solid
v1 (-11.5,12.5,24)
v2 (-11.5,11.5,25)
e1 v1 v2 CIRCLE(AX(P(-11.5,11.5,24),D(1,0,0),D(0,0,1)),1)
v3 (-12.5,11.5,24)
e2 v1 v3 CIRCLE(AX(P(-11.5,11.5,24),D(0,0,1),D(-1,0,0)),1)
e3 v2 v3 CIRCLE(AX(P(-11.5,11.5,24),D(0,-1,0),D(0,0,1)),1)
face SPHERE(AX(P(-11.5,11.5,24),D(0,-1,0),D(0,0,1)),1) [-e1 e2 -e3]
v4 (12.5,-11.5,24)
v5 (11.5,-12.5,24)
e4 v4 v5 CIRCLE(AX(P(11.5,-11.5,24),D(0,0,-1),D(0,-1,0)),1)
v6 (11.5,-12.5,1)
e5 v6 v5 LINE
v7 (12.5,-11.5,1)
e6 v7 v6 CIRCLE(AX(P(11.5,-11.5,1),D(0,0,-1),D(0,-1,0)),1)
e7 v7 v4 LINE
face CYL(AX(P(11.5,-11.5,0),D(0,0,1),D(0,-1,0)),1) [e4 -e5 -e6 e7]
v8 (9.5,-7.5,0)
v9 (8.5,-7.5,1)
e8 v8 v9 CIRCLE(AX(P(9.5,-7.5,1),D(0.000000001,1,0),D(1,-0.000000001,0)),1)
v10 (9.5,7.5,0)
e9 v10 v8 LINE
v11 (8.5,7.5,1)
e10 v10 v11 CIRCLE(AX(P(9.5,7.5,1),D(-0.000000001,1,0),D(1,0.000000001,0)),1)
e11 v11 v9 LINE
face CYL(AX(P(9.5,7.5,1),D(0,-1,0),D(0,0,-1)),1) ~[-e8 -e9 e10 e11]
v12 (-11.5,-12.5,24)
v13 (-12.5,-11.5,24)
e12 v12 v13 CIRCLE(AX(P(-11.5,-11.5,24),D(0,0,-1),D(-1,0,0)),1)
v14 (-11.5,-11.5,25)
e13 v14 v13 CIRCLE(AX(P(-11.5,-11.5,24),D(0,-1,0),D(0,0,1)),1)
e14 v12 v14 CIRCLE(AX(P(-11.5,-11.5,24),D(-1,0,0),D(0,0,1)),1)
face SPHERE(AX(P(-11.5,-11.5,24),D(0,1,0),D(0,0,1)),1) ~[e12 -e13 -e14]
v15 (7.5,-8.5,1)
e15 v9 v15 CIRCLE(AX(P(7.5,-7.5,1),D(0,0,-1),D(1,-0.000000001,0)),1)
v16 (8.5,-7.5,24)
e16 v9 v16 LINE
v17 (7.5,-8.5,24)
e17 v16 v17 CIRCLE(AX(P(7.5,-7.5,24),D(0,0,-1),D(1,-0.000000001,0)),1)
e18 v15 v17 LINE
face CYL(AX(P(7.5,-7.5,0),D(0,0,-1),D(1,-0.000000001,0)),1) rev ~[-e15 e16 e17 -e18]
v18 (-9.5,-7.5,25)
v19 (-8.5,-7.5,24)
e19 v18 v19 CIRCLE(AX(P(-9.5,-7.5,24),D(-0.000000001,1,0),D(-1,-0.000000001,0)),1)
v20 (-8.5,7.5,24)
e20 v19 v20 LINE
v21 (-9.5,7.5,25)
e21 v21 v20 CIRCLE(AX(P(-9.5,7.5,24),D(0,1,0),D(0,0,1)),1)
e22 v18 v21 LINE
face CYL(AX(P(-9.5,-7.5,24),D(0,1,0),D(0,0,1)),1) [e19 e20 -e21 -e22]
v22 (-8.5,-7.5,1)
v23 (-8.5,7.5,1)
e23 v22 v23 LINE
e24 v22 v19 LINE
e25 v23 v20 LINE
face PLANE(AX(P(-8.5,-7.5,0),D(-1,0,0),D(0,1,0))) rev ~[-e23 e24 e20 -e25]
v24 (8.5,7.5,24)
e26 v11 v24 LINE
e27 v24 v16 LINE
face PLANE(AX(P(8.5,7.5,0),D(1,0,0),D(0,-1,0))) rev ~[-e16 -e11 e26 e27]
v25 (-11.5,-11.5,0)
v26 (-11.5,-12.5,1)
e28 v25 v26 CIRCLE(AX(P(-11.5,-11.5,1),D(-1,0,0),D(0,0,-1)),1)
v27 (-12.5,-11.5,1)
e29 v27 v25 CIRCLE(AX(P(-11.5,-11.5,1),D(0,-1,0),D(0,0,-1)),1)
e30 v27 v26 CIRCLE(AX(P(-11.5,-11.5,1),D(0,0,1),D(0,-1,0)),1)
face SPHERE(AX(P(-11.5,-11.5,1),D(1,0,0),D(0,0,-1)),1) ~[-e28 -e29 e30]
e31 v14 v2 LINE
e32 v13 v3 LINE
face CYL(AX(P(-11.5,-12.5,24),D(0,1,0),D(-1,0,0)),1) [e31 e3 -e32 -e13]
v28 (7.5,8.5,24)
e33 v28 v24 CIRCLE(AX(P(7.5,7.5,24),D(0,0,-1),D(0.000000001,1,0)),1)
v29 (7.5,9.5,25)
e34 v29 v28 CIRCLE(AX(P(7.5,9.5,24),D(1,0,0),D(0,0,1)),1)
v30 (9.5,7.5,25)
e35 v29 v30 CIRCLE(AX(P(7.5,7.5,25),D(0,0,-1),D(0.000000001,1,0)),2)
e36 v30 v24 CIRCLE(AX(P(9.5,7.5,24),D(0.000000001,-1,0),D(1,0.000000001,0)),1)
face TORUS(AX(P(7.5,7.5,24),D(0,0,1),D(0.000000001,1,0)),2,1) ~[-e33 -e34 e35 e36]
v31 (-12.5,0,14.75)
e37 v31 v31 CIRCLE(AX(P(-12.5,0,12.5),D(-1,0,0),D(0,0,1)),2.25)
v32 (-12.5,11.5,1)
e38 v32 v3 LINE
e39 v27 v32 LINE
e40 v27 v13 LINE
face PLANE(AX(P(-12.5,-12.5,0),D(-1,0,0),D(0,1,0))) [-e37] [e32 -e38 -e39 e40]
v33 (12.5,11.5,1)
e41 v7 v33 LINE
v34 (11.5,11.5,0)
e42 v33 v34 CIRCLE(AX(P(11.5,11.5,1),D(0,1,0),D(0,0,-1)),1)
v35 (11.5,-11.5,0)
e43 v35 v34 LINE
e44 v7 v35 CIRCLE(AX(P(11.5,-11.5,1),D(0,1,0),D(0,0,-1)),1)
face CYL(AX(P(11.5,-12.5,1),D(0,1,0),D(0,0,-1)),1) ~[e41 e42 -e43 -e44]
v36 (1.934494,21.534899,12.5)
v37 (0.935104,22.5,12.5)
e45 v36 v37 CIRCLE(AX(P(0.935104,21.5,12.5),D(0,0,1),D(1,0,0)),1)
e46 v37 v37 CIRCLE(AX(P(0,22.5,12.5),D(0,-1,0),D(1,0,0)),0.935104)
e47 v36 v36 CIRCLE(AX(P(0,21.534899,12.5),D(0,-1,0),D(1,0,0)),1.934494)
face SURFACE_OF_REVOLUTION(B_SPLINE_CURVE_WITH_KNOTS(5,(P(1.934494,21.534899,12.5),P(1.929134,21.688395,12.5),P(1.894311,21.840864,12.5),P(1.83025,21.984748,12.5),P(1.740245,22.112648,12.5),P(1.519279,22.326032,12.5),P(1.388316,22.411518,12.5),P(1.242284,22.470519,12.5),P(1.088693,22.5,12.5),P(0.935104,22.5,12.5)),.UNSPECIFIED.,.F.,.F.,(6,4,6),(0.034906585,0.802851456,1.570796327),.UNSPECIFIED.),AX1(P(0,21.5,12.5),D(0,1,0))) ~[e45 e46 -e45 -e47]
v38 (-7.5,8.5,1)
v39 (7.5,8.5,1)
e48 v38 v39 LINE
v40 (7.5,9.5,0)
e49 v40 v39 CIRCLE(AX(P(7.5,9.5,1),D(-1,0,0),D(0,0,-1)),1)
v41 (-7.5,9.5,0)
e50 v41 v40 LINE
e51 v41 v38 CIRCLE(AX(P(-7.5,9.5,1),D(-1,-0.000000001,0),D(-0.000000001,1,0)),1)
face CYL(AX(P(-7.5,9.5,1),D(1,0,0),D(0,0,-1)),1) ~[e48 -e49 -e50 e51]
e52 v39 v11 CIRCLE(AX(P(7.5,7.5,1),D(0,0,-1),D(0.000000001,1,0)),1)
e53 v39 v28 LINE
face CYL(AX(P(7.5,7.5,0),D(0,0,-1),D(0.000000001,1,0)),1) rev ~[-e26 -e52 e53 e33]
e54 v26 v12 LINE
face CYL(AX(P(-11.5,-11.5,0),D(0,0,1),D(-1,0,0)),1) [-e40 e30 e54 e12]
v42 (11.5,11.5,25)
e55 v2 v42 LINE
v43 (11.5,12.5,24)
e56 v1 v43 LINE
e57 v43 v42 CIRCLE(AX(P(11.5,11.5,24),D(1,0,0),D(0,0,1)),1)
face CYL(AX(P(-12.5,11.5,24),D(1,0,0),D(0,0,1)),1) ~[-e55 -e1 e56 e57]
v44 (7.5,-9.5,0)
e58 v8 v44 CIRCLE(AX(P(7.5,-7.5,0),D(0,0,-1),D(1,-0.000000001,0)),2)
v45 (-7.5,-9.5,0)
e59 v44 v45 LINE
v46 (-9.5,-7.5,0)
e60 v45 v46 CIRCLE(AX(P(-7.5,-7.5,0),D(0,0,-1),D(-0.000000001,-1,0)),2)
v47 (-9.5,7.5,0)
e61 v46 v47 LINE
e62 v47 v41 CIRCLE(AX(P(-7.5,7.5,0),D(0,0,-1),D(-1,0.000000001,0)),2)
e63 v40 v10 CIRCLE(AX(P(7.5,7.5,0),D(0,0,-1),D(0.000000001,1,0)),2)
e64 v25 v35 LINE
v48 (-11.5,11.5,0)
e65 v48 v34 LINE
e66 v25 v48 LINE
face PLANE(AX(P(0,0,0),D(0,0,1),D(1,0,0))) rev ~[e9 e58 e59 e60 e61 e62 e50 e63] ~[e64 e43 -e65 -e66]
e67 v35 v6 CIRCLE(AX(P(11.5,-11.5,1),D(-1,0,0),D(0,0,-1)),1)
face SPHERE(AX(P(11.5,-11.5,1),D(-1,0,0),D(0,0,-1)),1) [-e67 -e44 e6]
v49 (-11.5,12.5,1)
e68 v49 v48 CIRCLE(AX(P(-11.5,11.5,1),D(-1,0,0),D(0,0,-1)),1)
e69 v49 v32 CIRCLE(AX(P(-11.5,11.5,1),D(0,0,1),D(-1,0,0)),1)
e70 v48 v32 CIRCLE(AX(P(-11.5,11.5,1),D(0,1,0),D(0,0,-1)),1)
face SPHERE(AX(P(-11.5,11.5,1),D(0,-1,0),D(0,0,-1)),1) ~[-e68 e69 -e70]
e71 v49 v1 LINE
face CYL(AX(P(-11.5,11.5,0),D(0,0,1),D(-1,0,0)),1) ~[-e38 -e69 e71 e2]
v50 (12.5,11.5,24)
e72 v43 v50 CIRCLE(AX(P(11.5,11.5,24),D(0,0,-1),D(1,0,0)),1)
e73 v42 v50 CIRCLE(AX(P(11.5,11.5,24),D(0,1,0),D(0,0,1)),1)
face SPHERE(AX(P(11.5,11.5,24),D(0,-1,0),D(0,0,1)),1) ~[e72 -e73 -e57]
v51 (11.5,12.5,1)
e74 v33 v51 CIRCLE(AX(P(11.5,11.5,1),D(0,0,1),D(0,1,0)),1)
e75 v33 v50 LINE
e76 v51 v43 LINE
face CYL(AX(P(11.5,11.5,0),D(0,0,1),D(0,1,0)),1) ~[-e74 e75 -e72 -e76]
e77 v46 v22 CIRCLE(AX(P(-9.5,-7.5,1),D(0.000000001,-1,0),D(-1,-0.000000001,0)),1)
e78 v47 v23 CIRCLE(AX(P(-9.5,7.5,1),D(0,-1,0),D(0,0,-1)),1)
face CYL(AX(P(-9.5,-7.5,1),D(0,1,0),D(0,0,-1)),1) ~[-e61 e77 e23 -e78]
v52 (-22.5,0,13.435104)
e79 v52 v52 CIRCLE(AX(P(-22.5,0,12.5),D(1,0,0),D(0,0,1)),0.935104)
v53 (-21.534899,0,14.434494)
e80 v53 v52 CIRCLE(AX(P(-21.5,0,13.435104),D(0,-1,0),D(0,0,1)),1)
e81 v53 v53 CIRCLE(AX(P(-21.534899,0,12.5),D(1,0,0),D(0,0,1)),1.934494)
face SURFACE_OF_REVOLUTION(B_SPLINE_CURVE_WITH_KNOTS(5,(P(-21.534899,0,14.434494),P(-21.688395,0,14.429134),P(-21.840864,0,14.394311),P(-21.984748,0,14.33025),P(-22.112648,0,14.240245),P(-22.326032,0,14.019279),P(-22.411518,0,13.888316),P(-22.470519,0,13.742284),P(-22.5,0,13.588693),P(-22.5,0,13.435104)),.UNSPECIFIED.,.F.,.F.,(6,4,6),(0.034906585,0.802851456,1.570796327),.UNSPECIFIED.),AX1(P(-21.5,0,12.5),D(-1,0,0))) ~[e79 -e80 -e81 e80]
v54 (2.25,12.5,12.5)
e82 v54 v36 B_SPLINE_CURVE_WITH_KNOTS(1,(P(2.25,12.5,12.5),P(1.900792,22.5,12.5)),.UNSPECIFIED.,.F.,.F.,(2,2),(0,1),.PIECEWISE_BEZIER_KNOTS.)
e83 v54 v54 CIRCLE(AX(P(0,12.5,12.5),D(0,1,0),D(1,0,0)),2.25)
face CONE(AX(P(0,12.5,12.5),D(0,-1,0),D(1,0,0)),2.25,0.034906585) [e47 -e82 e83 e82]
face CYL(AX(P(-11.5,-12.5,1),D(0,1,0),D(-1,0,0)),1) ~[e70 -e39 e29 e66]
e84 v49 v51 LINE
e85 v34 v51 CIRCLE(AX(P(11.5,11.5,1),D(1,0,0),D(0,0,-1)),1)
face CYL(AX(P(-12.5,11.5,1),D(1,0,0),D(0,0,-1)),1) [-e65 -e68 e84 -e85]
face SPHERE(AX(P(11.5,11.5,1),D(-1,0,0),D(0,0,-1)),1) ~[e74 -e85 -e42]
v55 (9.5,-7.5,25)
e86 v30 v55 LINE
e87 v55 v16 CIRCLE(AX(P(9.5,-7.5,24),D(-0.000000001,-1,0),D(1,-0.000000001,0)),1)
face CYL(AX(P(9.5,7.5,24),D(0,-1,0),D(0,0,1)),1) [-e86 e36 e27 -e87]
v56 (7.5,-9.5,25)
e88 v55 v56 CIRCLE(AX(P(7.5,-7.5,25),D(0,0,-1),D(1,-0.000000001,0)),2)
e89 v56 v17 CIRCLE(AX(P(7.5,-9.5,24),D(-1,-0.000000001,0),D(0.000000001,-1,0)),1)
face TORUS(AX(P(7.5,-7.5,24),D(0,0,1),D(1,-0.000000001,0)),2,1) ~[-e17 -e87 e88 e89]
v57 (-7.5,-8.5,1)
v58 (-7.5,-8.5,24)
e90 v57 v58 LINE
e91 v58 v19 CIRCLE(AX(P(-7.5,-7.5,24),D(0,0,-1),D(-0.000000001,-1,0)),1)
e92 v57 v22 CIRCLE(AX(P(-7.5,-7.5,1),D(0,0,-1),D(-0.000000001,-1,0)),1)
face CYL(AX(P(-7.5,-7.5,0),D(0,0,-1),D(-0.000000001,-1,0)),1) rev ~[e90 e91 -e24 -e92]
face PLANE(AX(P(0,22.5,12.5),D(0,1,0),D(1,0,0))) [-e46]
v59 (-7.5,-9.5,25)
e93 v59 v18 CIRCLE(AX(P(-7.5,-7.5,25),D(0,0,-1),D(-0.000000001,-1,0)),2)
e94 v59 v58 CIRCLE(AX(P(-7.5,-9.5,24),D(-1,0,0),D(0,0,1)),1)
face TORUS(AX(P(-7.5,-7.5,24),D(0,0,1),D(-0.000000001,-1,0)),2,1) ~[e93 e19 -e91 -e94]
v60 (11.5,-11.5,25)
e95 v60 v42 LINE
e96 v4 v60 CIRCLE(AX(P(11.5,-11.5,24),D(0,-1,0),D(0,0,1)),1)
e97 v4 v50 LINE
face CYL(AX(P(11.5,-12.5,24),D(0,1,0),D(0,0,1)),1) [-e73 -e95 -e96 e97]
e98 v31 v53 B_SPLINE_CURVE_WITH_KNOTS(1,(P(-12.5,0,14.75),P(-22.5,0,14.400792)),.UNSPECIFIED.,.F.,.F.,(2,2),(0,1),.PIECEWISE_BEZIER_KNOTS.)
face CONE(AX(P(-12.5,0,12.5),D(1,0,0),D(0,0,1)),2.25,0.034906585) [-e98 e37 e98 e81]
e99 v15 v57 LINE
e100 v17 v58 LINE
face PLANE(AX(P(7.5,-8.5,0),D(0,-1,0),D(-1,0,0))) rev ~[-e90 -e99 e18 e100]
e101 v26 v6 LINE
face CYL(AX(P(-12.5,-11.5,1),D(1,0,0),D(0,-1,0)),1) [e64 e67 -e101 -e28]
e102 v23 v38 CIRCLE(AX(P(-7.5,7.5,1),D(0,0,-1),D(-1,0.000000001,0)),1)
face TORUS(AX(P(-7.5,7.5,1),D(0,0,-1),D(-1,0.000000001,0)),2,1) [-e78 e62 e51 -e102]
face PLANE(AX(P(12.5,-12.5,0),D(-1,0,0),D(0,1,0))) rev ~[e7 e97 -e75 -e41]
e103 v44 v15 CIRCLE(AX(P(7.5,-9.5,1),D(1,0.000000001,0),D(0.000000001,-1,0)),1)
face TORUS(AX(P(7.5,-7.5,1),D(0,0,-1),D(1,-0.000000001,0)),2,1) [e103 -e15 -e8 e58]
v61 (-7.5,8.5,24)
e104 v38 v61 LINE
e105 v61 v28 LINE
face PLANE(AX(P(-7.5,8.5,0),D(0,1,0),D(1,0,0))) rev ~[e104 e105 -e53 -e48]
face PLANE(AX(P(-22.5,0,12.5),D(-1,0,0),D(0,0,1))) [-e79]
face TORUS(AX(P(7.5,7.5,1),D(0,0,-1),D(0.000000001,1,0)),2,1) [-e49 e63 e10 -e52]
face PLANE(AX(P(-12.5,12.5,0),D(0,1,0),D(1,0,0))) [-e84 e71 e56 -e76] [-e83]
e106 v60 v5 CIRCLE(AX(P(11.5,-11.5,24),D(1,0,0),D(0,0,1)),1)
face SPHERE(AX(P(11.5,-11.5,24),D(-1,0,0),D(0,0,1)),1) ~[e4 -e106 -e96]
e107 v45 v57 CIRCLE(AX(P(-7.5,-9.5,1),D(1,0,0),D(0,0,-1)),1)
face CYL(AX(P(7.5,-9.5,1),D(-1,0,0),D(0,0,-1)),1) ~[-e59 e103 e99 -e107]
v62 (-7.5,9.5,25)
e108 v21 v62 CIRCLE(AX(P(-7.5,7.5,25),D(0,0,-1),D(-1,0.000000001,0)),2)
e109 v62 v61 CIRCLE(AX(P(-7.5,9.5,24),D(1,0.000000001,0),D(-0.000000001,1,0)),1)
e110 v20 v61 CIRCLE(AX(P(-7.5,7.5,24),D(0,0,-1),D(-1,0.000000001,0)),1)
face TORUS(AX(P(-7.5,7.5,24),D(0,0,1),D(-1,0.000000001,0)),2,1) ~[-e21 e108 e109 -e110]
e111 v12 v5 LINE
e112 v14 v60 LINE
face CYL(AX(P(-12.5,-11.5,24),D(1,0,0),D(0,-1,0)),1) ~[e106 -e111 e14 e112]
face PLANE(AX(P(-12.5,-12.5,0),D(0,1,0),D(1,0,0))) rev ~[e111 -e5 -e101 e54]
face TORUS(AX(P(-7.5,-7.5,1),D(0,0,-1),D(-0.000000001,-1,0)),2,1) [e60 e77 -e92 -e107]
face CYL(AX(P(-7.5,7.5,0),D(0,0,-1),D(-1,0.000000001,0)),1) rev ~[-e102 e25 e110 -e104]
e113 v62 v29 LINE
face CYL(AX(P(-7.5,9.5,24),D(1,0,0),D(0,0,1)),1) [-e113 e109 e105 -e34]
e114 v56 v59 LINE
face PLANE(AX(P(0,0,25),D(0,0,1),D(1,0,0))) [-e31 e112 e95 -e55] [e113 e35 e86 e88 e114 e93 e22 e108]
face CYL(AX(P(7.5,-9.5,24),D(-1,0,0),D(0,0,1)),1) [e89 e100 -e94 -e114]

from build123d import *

# Parameters (mm, degrees)
SKETCH1_W           = 25
SKETCH1_H           = 25
BOSS_EXTRUDE1_DEPTH = 25
SKETCH3_R           = 2.25
BOSS_EXTRUDE2_DEPTH = 10
BOSS_EXTRUDE2_TAPER = 2
SKETCH4_R           = 2.25
BOSS_EXTRUDE3_DEPTH = 10
BOSS_EXTRUDE3_TAPER = 2
CUT_EXTRUDE1_DEPTH  = 25
FILLET1_R           = 1


with BuildPart() as part:
    # Sketch1 → Boss-Extrude1 (new body)
    with BuildSketch(Plane.XY):
        Rectangle(SKETCH1_W, SKETCH1_H)
    extrude(amount=BOSS_EXTRUDE1_DEPTH)

    # Sketch3 → Boss-Extrude2 (add)
    with BuildSketch(Plane.ZY.offset(12.5)):
        with Locations((12.5, 0)):
            Circle(SKETCH3_R)
    extrude(amount=BOSS_EXTRUDE2_DEPTH, taper=BOSS_EXTRUDE2_TAPER)

    # Sketch4 → Boss-Extrude3 (add)
    with BuildSketch(Plane(origin=(0, 12.5, 0), x_dir=(1, 0, 0), z_dir=(0, 1, 0))):
        with Locations((1e-09, -12.5)):
            Circle(SKETCH4_R)
    extrude(amount=BOSS_EXTRUDE3_DEPTH, taper=BOSS_EXTRUDE3_TAPER)

    # Sketch5 → Cut-Extrude1 (cut)
    with BuildSketch(Plane(origin=(0, 0, 0), x_dir=(-1, 0, 0), z_dir=(0, 0, -1))):
        with BuildLine():
            Line((-7.5, -8.5), (7.5, -8.5))
            ThreePointArc((7.5, -8.5), (8.207106781, -8.207106781), (8.5, -7.5))
            Line((8.5, -7.5), (8.5, 7.5))
            ThreePointArc((8.5, 7.5), (8.207106781, 8.207106781), (7.5, 8.5))
            Line((7.5, 8.5), (-7.5, 8.5))
            ThreePointArc((-7.5, 8.5), (-8.207106781, 8.207106781), (-8.5, 7.5))
            Line((-8.5, 7.5), (-8.5, -7.5))
            ThreePointArc((-8.5, -7.5), (-8.207106781, -8.207106781), (-7.5, -8.5))
        make_face()
    extrude(amount=-CUT_EXTRUDE1_DEPTH, mode=Mode.SUBTRACT)

    # Fillet1
    fillet1_edges = [part.edges().sort_by_distance(p)[0] for p in [
        (-12.5, 0, 25),
        (0, -12.5, 25),
        (-22.5, 0, 10.599207695),
        (-1.900792304, 22.5, 12.5),
        (8.207106781, -8.207106781, 0),
        (0, -8.5, 0),
        (-8.207106781, -8.207106781, 0),
        (-8.5, 0, 0),
        (-8.207106781, 8.207106781, 0),
        (0, 8.5, 0),
        (8.207106781, 8.207106781, 0),
        (8.5, 0, 0),
        (8.207106781, -8.207106781, 25),
        (8.5, 0, 25),
        (8.207106781, 8.207106781, 25),
        (0, 8.5, 25),
        (-8.207106781, 8.207106781, 25),
        (-8.5, 0, 25),
        (-8.207106781, -8.207106781, 25),
        (0, -8.5, 25),
        (12.5, 0, 25),
        (0, -12.5, 0),
        (-12.5, 0, 0),
        (0, 12.5, 0),
        (12.5, 0, 0),
        (0, 12.5, 25),
        (12.5, -12.5, 12.5),
        (-12.5, -12.5, 12.5),
        (-12.5, 12.5, 12.5),
        (12.5, 12.5, 12.5),
    ]]
    fillet(fillet1_edges, radius=FILLET1_R)


solid = part.part
